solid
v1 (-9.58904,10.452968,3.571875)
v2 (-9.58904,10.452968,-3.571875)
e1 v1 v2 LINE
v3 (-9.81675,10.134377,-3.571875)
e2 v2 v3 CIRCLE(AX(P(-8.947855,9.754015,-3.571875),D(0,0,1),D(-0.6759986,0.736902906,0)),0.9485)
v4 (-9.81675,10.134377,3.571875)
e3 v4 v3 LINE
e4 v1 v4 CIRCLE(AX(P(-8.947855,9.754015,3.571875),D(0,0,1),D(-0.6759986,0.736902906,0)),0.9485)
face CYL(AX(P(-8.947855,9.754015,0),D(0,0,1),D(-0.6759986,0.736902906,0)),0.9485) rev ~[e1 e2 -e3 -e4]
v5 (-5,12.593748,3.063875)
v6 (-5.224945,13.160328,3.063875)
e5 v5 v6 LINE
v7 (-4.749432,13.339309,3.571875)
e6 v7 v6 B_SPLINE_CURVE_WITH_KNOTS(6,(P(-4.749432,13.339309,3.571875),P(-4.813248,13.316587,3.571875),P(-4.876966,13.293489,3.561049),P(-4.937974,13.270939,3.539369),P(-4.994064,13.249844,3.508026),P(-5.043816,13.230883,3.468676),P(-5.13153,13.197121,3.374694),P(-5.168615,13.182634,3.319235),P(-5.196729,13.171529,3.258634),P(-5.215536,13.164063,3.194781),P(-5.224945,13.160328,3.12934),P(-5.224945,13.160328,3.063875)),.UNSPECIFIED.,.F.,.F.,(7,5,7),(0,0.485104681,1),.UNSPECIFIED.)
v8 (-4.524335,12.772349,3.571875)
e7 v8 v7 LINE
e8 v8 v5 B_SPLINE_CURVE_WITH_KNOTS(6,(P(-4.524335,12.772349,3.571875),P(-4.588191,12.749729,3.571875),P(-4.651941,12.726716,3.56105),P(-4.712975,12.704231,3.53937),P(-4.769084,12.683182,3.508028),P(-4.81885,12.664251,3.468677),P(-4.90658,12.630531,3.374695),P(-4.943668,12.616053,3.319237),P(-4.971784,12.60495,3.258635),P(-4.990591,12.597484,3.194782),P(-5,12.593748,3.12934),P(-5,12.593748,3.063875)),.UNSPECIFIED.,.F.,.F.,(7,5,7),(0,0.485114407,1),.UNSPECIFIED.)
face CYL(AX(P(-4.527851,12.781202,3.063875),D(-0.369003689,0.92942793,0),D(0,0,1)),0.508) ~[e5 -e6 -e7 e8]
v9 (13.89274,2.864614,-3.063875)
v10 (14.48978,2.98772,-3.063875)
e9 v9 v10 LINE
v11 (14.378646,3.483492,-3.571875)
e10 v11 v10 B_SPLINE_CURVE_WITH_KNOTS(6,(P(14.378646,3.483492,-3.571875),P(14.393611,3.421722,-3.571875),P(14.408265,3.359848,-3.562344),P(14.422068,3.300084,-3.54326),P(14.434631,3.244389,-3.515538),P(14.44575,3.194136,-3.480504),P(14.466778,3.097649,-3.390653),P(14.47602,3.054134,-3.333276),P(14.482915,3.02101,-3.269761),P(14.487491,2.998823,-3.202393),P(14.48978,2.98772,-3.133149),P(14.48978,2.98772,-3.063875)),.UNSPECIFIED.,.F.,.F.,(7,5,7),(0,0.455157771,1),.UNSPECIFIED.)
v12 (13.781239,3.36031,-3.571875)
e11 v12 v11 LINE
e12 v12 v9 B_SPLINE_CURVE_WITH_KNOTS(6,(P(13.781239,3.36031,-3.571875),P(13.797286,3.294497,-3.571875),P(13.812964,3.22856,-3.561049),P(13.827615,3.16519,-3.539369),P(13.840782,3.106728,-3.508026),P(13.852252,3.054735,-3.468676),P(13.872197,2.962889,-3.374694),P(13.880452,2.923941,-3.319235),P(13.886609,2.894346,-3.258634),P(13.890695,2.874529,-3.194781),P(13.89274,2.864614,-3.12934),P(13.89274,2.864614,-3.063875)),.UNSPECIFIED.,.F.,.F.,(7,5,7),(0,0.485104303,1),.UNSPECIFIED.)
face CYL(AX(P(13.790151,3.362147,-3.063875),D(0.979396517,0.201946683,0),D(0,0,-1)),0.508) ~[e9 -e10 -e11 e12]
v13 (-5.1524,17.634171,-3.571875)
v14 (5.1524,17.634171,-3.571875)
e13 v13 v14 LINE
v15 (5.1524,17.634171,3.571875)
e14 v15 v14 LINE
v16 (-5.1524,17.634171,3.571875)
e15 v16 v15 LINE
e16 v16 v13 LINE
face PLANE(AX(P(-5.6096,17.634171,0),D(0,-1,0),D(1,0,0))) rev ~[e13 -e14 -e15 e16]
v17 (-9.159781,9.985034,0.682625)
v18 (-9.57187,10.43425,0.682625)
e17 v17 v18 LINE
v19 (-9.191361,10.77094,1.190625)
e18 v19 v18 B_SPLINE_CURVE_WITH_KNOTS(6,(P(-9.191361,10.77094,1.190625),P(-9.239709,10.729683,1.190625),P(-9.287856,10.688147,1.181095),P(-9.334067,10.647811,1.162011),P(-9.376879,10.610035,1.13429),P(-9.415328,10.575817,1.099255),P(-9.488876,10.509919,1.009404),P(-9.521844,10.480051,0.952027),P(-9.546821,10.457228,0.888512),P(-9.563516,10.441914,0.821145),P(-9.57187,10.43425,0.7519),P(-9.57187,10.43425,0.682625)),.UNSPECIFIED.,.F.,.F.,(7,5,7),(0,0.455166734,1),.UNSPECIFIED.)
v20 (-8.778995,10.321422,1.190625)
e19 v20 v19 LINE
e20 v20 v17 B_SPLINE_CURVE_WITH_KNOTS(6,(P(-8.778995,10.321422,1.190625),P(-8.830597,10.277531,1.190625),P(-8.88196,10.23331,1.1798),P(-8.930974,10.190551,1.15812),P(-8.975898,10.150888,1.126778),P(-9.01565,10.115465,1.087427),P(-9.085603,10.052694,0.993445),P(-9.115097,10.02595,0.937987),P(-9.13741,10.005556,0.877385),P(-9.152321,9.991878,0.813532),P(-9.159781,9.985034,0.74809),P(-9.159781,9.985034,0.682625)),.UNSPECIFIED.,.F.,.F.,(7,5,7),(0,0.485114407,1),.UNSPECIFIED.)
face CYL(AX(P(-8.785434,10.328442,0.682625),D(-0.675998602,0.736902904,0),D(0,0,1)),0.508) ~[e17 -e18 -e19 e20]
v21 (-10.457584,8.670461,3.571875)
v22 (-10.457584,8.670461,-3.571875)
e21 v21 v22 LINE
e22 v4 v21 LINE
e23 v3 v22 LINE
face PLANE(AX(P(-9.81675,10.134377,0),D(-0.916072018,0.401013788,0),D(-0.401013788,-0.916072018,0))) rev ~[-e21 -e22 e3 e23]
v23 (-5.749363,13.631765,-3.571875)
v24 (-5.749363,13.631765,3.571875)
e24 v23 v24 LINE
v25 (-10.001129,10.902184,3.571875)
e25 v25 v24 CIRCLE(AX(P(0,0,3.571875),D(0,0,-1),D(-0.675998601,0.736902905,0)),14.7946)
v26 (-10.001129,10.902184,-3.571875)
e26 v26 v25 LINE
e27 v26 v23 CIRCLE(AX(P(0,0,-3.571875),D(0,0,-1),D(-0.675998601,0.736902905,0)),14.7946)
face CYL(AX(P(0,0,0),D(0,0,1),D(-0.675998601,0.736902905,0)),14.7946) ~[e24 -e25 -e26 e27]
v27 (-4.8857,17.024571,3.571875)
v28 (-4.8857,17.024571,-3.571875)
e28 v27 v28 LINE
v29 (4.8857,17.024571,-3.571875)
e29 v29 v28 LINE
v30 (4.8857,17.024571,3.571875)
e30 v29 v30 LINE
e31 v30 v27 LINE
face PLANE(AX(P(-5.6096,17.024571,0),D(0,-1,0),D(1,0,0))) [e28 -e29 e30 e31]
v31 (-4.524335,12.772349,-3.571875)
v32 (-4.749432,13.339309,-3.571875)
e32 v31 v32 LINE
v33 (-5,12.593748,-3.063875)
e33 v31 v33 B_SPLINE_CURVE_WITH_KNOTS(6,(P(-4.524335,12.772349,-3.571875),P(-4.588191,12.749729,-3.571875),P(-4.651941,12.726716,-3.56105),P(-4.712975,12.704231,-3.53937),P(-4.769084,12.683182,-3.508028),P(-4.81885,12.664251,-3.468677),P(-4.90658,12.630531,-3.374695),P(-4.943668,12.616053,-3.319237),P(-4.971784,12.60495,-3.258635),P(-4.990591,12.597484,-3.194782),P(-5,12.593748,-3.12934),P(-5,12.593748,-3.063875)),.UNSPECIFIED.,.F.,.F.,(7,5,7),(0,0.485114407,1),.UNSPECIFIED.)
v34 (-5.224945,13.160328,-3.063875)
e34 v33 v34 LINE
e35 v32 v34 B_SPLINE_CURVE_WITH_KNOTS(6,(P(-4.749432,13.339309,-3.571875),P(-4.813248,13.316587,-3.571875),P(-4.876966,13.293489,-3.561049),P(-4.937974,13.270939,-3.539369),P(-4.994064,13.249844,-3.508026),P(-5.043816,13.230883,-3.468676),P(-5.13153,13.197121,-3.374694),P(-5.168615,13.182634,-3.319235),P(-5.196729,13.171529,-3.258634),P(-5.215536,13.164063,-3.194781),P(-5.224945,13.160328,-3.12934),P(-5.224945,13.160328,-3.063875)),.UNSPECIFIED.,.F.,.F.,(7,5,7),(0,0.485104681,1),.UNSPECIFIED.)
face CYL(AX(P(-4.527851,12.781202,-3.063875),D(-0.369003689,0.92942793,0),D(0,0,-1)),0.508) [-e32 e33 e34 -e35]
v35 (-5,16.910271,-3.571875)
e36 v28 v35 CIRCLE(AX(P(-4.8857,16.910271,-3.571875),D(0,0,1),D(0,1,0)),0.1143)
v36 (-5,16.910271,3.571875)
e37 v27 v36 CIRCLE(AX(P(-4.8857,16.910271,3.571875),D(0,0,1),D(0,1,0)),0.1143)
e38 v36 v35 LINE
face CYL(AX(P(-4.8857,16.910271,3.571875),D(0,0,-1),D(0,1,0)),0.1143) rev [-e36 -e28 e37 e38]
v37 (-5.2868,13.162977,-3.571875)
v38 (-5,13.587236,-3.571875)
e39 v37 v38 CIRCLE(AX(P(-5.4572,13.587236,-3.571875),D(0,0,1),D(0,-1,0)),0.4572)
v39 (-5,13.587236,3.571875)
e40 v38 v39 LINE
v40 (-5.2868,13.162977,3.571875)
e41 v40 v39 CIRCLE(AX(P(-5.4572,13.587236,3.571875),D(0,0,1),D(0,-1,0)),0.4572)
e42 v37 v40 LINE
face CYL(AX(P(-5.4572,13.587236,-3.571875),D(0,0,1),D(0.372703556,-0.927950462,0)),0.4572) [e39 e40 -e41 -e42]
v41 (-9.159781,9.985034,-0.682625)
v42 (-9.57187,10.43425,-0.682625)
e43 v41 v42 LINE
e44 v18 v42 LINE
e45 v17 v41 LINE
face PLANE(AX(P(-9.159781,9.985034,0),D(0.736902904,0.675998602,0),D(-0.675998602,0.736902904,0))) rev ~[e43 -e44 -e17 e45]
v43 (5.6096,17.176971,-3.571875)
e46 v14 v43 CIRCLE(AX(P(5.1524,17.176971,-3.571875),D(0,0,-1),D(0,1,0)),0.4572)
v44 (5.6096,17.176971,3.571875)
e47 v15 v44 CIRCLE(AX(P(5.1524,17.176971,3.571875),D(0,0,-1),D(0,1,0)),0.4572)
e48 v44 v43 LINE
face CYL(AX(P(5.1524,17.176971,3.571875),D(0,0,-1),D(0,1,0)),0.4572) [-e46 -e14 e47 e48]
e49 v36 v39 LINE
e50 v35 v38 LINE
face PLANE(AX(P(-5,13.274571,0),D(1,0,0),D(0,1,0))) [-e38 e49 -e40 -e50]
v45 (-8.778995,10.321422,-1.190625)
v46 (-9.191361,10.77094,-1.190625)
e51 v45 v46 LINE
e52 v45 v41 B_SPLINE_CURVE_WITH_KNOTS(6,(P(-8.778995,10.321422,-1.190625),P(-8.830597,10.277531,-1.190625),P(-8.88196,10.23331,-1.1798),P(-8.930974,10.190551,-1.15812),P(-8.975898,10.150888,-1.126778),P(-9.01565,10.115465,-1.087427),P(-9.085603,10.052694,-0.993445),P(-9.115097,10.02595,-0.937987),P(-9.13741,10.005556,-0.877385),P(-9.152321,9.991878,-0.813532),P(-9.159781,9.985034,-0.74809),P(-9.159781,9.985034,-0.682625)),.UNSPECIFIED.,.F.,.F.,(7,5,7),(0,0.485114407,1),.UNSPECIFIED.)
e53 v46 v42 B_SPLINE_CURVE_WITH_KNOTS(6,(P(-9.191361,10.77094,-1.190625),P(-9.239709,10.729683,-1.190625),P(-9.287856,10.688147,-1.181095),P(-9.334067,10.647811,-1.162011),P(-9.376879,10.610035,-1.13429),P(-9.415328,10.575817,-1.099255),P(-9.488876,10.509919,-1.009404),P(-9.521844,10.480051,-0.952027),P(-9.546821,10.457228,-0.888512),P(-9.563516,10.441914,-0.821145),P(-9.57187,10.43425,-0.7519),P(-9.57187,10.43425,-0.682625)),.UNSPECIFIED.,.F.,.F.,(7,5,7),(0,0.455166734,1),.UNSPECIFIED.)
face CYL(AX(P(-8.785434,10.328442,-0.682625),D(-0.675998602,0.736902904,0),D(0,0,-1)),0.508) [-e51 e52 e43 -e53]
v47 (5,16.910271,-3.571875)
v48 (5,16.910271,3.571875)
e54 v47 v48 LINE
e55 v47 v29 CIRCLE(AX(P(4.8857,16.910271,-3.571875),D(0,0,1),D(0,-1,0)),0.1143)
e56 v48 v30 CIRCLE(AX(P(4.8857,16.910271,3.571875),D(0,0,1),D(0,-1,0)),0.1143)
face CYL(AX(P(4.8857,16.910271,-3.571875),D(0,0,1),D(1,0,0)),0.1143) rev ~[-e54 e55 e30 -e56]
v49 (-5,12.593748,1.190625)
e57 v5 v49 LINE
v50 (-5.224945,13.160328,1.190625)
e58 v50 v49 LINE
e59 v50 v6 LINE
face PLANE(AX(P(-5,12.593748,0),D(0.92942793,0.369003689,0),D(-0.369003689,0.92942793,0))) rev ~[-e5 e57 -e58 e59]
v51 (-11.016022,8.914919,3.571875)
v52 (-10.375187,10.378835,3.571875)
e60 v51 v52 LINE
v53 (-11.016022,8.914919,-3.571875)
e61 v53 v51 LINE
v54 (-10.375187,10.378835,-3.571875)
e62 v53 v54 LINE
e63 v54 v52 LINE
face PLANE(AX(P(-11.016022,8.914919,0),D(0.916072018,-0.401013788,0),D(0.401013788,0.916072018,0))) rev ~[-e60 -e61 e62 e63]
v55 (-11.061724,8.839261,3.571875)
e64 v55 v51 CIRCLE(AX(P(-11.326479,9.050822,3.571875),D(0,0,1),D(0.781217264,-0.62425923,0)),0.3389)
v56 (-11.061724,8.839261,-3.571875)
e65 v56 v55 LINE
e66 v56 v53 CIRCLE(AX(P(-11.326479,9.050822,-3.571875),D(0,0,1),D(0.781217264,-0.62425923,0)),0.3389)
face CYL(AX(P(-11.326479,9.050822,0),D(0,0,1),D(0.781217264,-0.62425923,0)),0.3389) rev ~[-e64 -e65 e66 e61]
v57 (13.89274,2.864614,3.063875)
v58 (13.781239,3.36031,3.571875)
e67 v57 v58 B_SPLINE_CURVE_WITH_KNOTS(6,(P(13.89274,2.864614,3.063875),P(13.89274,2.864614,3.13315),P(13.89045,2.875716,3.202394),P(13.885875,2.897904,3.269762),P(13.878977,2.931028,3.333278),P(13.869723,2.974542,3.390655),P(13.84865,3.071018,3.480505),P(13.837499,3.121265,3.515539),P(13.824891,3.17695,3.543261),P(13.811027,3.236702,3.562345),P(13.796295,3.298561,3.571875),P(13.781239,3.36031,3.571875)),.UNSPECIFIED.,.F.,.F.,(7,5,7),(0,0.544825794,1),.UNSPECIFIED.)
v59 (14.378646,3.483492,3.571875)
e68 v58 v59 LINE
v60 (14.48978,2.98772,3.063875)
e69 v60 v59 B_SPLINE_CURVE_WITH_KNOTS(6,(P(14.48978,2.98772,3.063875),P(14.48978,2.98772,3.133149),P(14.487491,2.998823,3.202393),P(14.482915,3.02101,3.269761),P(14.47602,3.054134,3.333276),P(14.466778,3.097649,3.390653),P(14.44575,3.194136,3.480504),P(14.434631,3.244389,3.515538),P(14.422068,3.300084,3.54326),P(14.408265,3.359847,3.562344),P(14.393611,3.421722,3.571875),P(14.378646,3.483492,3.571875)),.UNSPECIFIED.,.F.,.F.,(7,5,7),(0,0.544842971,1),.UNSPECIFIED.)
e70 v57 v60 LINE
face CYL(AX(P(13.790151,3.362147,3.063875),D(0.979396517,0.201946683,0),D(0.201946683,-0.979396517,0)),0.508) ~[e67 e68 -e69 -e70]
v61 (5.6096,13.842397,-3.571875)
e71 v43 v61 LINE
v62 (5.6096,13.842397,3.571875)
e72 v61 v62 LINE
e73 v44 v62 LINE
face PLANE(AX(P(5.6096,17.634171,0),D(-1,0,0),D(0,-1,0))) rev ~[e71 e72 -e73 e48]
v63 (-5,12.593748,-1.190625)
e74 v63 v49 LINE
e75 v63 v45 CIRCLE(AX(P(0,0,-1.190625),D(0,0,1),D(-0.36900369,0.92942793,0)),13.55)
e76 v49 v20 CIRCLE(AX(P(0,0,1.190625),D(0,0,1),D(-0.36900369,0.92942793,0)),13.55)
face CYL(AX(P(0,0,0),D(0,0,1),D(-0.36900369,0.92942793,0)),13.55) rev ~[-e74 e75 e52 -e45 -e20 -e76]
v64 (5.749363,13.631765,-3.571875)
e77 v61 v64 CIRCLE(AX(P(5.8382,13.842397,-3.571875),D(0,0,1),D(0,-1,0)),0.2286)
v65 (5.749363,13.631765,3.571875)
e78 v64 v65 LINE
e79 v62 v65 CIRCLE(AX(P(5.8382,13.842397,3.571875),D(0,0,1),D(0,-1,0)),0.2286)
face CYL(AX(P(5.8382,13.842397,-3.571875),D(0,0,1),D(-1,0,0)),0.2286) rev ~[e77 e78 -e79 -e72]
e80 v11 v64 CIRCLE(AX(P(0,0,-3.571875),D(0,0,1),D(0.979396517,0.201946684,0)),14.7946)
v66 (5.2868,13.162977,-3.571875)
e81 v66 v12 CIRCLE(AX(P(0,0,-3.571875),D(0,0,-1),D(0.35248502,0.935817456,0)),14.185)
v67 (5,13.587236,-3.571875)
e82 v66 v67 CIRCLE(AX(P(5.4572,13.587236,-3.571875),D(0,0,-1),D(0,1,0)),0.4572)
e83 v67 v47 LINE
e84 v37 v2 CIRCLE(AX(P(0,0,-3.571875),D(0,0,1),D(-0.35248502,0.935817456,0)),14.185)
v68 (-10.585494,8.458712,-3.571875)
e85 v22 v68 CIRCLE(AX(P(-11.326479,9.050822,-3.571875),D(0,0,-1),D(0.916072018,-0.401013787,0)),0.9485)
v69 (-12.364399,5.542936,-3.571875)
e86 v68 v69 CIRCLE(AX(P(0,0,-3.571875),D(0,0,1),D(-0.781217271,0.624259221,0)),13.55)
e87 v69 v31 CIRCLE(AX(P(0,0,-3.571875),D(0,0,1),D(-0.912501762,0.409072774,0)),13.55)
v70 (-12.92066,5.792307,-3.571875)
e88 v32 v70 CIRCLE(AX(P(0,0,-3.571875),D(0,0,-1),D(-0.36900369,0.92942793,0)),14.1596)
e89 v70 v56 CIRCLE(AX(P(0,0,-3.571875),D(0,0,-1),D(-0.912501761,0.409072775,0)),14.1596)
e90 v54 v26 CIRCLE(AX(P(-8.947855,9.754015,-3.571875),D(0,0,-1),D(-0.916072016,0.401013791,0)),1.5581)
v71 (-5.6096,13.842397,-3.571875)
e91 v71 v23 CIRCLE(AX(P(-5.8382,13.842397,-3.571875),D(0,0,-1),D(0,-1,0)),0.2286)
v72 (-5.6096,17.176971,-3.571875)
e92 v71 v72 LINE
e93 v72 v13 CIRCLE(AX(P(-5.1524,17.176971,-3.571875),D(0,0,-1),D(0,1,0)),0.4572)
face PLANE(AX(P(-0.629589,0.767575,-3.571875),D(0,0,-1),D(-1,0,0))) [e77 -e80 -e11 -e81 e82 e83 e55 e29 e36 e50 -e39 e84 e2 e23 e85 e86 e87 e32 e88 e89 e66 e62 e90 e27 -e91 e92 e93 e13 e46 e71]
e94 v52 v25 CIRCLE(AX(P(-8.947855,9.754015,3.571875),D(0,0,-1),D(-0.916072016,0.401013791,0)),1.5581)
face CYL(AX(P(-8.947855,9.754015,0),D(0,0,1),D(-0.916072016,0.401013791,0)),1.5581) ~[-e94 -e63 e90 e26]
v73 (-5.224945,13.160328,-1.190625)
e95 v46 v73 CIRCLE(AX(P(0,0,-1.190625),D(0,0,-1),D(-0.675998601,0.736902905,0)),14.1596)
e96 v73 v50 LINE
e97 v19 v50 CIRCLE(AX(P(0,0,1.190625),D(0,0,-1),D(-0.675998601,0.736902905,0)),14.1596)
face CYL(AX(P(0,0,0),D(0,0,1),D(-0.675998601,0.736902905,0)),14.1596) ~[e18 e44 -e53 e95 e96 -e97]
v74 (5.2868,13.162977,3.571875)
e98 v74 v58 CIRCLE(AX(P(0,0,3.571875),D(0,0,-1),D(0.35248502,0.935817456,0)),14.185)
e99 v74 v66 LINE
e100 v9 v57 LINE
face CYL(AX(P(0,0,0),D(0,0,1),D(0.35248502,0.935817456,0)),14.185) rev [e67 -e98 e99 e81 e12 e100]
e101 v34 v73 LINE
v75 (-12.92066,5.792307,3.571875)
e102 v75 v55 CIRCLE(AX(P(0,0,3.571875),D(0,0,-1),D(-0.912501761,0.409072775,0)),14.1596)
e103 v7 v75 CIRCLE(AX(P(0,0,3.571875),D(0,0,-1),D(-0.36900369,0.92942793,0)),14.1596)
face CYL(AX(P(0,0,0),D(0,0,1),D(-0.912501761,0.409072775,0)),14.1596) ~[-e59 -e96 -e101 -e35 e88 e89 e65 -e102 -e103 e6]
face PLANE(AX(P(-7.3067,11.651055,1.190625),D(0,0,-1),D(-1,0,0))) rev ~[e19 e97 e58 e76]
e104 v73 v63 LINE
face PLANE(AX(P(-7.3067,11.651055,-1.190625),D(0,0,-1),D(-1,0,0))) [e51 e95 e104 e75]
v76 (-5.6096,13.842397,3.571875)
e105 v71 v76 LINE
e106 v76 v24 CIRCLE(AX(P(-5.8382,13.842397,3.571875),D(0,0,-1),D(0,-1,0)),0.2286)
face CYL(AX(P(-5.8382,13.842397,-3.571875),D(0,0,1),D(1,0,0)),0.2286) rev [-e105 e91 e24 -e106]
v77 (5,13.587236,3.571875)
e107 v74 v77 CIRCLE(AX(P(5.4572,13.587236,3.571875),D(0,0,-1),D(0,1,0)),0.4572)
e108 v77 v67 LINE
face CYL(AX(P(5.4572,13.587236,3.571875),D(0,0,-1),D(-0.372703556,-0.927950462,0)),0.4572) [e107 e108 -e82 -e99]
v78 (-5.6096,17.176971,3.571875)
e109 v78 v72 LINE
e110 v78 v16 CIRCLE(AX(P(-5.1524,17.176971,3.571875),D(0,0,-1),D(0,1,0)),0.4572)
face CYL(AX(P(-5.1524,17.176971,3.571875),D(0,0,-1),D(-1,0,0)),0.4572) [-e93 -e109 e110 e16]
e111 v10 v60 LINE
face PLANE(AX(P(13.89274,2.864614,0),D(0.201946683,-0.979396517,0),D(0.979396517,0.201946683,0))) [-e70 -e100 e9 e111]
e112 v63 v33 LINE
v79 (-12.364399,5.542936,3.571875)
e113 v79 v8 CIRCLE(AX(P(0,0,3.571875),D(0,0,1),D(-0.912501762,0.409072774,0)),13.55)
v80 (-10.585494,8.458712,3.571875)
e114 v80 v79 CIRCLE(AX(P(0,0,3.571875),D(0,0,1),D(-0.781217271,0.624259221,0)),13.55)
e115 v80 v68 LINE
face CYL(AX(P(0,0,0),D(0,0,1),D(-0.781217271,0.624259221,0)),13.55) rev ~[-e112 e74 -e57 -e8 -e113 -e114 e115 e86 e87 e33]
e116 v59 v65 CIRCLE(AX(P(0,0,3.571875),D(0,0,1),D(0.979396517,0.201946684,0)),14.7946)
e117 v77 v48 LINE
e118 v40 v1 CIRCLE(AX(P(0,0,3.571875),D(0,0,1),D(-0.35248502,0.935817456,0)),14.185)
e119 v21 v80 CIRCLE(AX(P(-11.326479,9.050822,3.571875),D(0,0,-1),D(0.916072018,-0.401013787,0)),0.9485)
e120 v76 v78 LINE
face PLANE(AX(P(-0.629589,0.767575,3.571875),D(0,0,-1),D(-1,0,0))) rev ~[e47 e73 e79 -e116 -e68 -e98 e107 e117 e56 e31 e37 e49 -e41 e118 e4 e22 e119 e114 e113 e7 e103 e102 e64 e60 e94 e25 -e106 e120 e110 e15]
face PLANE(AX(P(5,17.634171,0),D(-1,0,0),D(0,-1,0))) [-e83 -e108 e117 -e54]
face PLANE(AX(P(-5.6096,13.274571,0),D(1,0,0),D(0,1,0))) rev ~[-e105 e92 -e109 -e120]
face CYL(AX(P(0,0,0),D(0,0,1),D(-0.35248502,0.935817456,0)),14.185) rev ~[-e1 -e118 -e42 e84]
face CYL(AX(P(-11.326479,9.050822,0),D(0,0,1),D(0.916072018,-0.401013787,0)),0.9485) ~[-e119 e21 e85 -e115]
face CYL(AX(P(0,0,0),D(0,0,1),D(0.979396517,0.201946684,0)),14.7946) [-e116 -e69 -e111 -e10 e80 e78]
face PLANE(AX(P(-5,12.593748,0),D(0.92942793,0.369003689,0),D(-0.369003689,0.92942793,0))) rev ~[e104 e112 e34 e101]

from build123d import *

# Parameters (mm, degrees)
BOSS_EXTRUDE1_DEPTH = 3.571875
SHELL1_T            = -0.6096
EXTRUDE_THIN3_DEPTH = 3.571875
EXTRUDE_THIN4_DEPTH = 3.571875
EXTRUDE_THIN6_DEPTH = 1.190625
FILLET4_R           = 0.4572
FILLET5_R           = 0.2286
FILLET6_R           = 0.1143
FILLET7_R           = 0.508


with BuildPart() as part:
    # Sketch1 → Boss-Extrude1 (new, symmetric)
    with BuildSketch(Plane.XY):
        Polygon((-5.6096, 13.274570615), (-5.6096, 17.634170615), (5.6096, 17.634170615), (5.6096, 13.274570615), (5, 13.274570615), (-5, 13.274570615), align=None)
    extrude(amount=BOSS_EXTRUDE1_DEPTH, both=True)

    # Shell1
    shell1_openings = [part.faces().sort_by_distance(p)[0] for p in [
        (0, 15.454370615, 3.571875),
        (0, 13.274570615, 0),
        (0, 15.454370615, -3.571875),
    ]]
    offset(amount=SHELL1_T, openings=shell1_openings, kind=Kind.INTERSECTION)

    # Sketch5 → Extrude-Thin3 (add, symmetric)
    with BuildSketch(Plane.XY):
        with BuildLine():
            ThreePointArc((5, 13.274570615), (10.785439398, 9.213496729), (13.89273959, 2.864613706))
            Line((13.89273959, 2.864613706), (14.489779707, 2.987720404))
            ThreePointArc((14.489779707, 2.987720404), (11.248943371, 9.609446508), (5.214874868, 13.845044936))
            Line((5.214874868, 13.845044936), (5, 13.274570615))
        make_face()
    extrude(amount=EXTRUDE_THIN3_DEPTH, both=True)

    # Sketch6 → Extrude-Thin4 (add, symmetric)
    with BuildSketch(Plane.XY):
        with BuildLine():
            ThreePointArc((-5, 13.274570615), (-7.429696087, 12.083618707), (-9.58904016, 10.452967703))
            ThreePointArc((-9.58904016, 10.452967703), (-9.719515815, 10.305551868), (-9.816749796, 10.134376876))
            Line((-9.816749796, 10.134376876), (-10.457584298, 8.670460739))
            ThreePointArc((-10.457584298, 8.670460739), (-10.514606175, 8.560398618), (-10.585494025, 8.458712446))
            ThreePointArc((-10.585494025, 8.458712446), (-11.567187815, 7.0571004), (-12.364398873, 5.542936091))
            ThreePointArc((-12.364398873, 5.542936091), (9.370649699, -9.787411518), (-5, 12.593748449))
            Line((-5, 12.593748449), (-5.224944649, 13.160327715))
            ThreePointArc((-5.224944649, 13.160327715), (9.792225201, -10.227736688), (-12.920659947, 5.792306855))
            ThreePointArc((-12.920659947, 5.792306855), (-12.087583216, 7.374591795), (-11.061724074, 8.839260867))
            ThreePointArc((-11.061724074, 8.839260867), (-11.036395774, 8.875593438), (-11.0160218, 8.914918745))
            Line((-11.0160218, 8.914918745), (-10.375187298, 10.378834882))
            ThreePointArc((-10.375187298, 10.378834882), (-10.215461135, 10.660023869), (-10.001128908, 10.902183714))
            ThreePointArc((-10.001128908, 10.902183714), (-7.74898708, 12.602911901), (-5.214874868, 13.845044936))
            Line((-5.214874868, 13.845044936), (-5, 13.274570615))
        make_face()
    extrude(amount=EXTRUDE_THIN4_DEPTH, both=True)

    # Sketch9 → Extrude-Thin6 (add, symmetric)
    with BuildSketch(Plane.XY):
        with BuildLine():
            ThreePointArc((-5, 12.593748449), (-7.199041404, 11.479385997), (-9.159781048, 9.985034359))
            Line((-9.159781048, 9.985034359), (-9.571869796, 10.43425037))
            ThreePointArc((-9.571869796, 10.43425037), (-7.522918573, 11.995831289), (-5.224944649, 13.160327715))
            Line((-5.224944649, 13.160327715), (-5, 12.593748449))
        make_face()
    extrude(amount=EXTRUDE_THIN6_DEPTH, both=True)

    # Fillet4
    fillet4_edges = [part.edges().sort_by_distance(p)[0] for p in [
        (-5.6096, 17.634170615, 0),
        (5.6096, 17.634170615, 0),
        (5, 13.274570615, 0),
        (-5, 13.274570615, 0),
    ]]
    fillet(fillet4_edges, radius=FILLET4_R)

    # Fillet5
    fillet5_edges = [part.edges().sort_by_distance(p)[0] for p in [
        (5.6096, 13.689871329, 0),
        (-5.6096, 13.689871329, 0),
    ]]
    fillet(fillet5_edges, radius=FILLET5_R)

    # Fillet6
    fillet6_edges = [part.edges().sort_by_distance(p)[0] for p in [
        (5, 17.024570615, 0),
        (-5, 17.024570615, 0),
    ]]
    fillet(fillet6_edges, radius=FILLET6_R)

    # Fillet7
    fillet7_edges = [part.edges().sort_by_distance(p)[0] for p in [
        (14.191259648, 2.926167055, -3.571875),
        (14.191259648, 2.926167055, 3.571875),
        (-5.112472325, 12.877038082, -3.571875),
        (-5.112472325, 12.877038082, 3.571875),
        (-9.365825422, 10.209642364, 1.190625),
        (-9.365825422, 10.209642364, -1.190625),
    ]]
    fillet(fillet7_edges, radius=FILLET7_R)


solid = part.part
